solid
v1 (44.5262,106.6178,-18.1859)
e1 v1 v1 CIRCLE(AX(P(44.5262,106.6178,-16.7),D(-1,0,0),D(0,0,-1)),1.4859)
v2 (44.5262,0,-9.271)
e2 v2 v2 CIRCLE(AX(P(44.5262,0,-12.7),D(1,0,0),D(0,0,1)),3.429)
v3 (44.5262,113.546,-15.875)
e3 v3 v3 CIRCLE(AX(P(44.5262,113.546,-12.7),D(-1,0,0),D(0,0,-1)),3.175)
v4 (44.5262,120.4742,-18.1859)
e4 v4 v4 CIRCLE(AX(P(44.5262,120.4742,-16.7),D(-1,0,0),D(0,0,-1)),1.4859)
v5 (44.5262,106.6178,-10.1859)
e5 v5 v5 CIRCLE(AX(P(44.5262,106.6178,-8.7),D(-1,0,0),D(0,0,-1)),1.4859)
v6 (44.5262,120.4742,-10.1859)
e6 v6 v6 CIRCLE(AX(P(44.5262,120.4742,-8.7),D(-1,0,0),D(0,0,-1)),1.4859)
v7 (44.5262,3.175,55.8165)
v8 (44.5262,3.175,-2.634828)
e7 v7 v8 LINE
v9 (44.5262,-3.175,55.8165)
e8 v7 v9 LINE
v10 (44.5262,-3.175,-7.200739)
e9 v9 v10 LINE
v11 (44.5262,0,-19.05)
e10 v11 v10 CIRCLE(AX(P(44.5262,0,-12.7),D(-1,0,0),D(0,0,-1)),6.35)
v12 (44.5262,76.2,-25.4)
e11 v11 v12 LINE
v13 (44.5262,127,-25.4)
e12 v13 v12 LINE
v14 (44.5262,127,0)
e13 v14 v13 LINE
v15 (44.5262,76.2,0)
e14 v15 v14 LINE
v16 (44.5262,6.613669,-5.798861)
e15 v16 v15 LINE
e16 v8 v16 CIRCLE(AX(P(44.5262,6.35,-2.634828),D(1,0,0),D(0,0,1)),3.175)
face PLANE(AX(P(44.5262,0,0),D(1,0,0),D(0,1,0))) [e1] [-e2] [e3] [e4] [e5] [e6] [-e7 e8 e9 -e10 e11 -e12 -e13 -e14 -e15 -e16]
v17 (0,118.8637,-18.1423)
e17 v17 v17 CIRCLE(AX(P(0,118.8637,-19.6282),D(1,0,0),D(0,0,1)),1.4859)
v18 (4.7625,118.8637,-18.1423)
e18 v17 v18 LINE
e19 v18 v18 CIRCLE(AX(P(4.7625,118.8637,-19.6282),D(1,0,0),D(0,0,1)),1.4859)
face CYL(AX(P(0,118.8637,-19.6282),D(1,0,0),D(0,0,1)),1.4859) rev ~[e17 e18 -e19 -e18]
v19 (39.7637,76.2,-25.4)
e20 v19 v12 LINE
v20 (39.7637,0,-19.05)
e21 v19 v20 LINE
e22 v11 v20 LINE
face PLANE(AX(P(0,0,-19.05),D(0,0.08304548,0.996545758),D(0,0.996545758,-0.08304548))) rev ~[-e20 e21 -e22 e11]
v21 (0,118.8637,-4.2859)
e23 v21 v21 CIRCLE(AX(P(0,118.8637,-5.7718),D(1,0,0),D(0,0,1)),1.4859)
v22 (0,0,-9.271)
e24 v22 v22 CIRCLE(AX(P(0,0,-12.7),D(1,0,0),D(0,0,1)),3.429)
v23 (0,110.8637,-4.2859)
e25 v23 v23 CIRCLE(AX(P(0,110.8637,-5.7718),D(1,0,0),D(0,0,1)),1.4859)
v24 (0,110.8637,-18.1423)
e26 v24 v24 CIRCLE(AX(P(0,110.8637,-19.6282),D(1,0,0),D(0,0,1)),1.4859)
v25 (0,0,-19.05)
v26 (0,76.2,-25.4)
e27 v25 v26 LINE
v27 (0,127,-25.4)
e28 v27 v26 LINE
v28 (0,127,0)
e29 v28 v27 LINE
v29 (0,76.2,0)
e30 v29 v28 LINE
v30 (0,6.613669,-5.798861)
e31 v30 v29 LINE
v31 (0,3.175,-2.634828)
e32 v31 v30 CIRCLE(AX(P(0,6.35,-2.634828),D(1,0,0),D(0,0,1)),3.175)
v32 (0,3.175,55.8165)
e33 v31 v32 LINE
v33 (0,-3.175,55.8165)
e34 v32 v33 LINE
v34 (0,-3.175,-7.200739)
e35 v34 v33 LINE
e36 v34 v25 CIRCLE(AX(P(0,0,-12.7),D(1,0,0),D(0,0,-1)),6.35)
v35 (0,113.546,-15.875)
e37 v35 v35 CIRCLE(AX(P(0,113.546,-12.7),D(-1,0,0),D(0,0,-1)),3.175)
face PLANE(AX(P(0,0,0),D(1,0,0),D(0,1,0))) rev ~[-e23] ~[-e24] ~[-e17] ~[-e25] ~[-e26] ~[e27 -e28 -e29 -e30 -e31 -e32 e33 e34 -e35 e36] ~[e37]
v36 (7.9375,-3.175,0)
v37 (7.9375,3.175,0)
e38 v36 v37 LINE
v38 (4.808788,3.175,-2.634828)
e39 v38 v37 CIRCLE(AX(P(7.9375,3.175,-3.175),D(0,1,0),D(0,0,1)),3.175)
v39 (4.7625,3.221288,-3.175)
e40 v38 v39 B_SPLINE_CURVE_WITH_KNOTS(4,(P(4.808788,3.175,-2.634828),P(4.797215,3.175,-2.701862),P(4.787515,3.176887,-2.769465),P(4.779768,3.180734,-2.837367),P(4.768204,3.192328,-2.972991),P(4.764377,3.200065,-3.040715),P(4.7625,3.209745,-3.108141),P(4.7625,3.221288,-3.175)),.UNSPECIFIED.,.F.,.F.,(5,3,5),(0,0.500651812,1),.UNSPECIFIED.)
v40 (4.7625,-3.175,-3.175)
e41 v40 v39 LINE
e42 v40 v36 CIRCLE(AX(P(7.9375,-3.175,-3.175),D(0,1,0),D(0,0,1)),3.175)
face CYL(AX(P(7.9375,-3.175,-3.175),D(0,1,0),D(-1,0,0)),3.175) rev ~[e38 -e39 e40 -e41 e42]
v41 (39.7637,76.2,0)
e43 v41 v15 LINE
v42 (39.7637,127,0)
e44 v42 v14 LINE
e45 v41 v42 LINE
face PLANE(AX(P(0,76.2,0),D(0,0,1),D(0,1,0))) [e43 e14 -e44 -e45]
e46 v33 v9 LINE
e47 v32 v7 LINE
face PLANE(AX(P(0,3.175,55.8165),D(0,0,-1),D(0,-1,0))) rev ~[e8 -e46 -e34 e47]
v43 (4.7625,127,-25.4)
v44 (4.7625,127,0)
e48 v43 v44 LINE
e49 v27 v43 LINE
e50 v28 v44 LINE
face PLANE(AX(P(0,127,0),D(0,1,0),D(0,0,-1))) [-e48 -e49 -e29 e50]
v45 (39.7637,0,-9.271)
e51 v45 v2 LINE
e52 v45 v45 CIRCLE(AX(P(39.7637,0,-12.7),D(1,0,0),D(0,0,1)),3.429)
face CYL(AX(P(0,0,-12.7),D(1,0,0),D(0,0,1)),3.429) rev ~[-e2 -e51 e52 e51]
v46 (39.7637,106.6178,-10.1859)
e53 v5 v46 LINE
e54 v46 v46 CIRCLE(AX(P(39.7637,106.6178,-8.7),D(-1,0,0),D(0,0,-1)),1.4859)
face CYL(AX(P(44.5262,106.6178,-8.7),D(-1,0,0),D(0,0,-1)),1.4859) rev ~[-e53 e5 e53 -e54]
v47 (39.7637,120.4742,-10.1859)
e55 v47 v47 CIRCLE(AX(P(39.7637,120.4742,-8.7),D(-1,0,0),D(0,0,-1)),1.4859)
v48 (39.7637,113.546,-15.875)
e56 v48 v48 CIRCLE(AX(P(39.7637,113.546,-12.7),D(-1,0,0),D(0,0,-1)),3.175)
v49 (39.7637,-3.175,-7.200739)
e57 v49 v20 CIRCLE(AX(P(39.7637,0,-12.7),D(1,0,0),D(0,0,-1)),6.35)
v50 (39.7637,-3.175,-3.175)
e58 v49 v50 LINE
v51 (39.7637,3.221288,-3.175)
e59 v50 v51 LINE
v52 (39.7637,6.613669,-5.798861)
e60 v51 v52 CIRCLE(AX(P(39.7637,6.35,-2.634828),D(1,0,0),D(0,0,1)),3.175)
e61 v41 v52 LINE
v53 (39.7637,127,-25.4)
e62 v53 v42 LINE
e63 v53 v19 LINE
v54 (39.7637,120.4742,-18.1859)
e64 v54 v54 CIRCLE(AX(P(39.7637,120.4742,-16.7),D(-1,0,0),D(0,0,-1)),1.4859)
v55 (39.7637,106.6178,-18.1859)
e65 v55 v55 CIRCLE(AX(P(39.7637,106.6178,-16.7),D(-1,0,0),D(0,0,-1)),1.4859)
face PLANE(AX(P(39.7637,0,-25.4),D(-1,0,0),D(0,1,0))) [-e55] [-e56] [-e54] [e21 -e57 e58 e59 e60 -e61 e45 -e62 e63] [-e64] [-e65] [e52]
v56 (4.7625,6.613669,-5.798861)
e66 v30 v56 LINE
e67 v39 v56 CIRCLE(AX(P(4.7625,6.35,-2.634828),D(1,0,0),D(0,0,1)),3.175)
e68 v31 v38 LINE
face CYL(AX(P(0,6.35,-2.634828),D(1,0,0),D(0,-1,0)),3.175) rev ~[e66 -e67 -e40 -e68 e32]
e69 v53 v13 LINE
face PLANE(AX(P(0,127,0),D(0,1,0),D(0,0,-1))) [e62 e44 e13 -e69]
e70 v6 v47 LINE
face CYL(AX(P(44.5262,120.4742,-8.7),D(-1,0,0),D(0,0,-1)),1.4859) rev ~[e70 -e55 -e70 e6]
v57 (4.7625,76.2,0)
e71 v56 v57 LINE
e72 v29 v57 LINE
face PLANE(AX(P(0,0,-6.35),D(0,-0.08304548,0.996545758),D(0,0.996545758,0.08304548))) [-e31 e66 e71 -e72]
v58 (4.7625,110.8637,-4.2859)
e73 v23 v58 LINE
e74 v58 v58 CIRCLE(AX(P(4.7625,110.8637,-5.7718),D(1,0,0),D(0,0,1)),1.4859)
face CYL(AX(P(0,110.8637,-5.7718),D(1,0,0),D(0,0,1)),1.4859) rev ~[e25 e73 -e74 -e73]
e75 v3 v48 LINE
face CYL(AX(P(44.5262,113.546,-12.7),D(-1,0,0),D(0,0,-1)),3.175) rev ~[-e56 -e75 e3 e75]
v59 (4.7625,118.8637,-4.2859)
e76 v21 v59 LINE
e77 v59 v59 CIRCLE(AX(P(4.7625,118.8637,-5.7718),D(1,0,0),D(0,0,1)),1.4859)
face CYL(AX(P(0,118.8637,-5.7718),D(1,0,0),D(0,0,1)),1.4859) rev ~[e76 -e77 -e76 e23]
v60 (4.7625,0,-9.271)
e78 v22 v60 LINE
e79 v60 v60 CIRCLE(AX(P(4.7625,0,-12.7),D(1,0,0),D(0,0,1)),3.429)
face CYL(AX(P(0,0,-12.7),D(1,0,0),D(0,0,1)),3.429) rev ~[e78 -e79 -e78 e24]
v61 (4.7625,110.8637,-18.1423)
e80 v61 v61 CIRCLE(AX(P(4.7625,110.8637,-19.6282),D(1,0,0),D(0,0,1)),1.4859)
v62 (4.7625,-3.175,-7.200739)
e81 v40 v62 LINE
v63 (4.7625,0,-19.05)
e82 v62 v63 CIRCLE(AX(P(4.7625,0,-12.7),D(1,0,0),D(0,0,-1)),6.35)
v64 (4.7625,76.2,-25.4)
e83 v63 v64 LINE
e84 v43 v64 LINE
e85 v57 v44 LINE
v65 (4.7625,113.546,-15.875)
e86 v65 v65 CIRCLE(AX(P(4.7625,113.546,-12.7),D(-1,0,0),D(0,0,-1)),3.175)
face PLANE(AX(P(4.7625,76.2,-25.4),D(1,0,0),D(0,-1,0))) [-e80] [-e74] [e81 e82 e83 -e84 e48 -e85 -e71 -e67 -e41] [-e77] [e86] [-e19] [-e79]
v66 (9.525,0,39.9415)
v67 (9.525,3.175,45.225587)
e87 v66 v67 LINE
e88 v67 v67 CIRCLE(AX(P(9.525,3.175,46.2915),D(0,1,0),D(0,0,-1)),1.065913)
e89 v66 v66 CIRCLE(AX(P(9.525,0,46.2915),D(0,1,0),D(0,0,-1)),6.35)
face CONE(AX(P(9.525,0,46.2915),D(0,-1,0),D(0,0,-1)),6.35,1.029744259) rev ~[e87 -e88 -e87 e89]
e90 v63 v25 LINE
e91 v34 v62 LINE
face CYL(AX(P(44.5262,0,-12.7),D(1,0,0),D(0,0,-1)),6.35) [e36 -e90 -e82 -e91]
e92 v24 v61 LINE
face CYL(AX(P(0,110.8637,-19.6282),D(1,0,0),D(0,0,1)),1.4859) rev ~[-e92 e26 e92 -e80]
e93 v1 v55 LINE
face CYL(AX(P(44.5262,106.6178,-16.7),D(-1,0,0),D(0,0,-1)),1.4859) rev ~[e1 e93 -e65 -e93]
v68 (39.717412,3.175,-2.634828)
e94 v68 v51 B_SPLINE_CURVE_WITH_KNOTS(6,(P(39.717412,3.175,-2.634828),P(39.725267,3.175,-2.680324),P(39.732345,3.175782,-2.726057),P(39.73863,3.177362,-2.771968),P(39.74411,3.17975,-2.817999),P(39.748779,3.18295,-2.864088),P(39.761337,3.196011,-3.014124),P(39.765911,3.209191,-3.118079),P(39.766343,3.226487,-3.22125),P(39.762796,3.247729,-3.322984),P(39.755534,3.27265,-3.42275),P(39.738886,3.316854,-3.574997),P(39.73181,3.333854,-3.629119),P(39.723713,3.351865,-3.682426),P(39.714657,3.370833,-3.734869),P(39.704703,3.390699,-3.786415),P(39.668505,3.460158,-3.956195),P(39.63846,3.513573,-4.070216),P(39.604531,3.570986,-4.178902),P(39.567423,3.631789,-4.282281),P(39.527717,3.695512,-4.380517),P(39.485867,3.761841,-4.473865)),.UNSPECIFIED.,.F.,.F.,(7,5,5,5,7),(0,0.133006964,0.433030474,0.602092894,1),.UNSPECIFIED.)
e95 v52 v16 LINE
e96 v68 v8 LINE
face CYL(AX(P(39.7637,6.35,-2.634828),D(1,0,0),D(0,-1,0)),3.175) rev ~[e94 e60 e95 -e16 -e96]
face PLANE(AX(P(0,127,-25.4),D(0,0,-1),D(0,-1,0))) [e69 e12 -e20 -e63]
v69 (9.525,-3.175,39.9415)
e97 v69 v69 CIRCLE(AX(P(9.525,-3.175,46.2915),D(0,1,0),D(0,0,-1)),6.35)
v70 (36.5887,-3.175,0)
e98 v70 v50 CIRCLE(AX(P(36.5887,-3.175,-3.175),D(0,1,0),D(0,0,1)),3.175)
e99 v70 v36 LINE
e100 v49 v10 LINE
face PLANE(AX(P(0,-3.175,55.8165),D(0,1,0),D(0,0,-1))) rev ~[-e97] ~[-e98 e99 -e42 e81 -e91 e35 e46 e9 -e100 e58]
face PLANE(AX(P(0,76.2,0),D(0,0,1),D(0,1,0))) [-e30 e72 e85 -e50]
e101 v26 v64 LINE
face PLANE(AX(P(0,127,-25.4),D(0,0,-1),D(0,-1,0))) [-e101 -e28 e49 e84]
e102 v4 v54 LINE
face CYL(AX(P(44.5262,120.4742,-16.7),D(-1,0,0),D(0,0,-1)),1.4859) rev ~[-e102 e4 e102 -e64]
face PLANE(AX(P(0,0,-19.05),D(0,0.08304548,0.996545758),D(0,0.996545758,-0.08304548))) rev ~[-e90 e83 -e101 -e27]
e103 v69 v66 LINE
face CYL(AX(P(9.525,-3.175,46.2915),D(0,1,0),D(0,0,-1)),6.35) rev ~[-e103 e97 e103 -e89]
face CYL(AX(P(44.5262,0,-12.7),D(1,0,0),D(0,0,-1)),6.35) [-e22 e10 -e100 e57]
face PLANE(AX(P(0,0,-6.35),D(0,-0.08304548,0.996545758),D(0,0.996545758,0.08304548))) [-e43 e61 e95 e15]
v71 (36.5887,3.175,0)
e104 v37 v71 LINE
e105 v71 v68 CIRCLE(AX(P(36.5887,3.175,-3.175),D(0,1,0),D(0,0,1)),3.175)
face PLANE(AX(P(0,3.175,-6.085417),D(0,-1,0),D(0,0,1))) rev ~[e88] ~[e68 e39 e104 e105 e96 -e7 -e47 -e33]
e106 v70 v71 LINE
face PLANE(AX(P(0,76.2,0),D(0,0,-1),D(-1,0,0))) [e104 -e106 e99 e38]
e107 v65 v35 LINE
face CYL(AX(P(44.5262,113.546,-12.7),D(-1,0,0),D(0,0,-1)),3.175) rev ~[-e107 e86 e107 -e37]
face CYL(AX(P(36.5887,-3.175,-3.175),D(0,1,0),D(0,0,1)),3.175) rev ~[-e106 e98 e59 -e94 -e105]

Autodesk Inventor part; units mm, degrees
ref_plane "YZ Plane" through (0, 0, 0) normal (1, 0, 0) x (0, 1, 0)
ref_plane "XZ Plane" through (0, 0, 0) normal (0, 1, 0) x (-1, 0, 0)
ref_plane "XY Plane" through (0, 0, 0) normal (0, 0, 1) x (1, 0, 0)
sketch "Sketch1" plane through (0, 0, 0) normal (1, 0, 0) x (0, 1, 0)
  line L0 (0, 0) -> (127, 0)
  line L1 (127, 0) -> (127, -25.4)
  line L2 (127, -25.4) -> (0, -25.4)
  line L3 (0, -25.4) -> (0, 0)
  line L4 (0, -6.35) -> (0, -19.05)
  line L5 (0, -6.35) -> (76.2, 0)
  line L6 (0, -19.05) -> (76.2, -25.4)
  dimension "d0" = 127
  dimension "d1" = 25.4
  dimension "d18" = 12.7
  dimension "d19" = 6.35
  dimension "d20" = 50.8
  dimension "d21" = 50.8
ref_plane "Work Plane1" through (44.5262, 0, 0) normal (1, 0, 0) x (0, 0, -1)
sketch "Sketch2" plane through (44.5262, 0, 0) normal (1, 0, 0) x (0, 0, -1)
  line L0 (0, 127) -> (0, 0) projected
  line L1 (0, 0) -> (25.4, 0) projected
  line L2 (25.4, 0) -> (25.4, 127) projected
  line L3 (25.4, 127) -> (0, 127) projected
  line L4 (0, 0) -> (25.4, 0) projected
  circle A0 centre (12.7, 0) radius 6.35
  dimension "d5" = 25.4
  dimension "d6" = 12.7
  dimension "d7" = 12.7
  dimension "d8" = 0
extrude "Extrusion2" add sketch "Sketch2" against normal blind 44.5262 contours A0 L1 | L1 A0
ref_plane "Work Plane2" through (44.5262, 0, 0) normal (1, 0, 0) x (0, 0, -1)
extrude "Extrusion3" add sketch "Sketch1" along normal blind 44.5262 contours L0 L1 L2 L6 L3 L5
sketch "Sketch4" plane through (0, 0, 0) normal (-1, 0, 0) x (0, 0, 1)
  arc A0 (-19.05, 0) -> (-6.35, 0) centre (-12.7, 0) ccw projected
  line L0 (0, 76.2) -> (-6.35, 0) projected
  line L1 (0, 127) -> (0, 76.2) projected
  line L2 (-25.4, 127) -> (0, 127) projected
  line L3 (-25.4, 76.2) -> (-25.4, 127) projected
  line L4 (-19.05, 0) -> (-25.4, 76.2) projected
  point P0 (0, 0)
hole "Hole2" at (0, 0, -12.7) direction (1, 0, 0) diameter 6.858 end through all
sketch "Sketch5" plane through (0, 0, 0) normal (-1, 0, 0) x (0, 0, 1)
  circle A0 centre (-12.7, 0) radius 3.429 projected
  line L0 (0, 76.2) -> (-6.35, 0) projected
  line L1 (0, 127) -> (0, 76.2) projected
  line L2 (-25.4, 127) -> (0, 127) projected
  line L3 (-25.4, 76.2) -> (-25.4, 127) projected
  line L4 (-19.05, 0) -> (-25.4, 76.2) projected
  line L5 (-7.6835, 3.175) -> (55.8165, 3.175)
  line L6 (55.8165, 3.175) -> (55.8165, -3.175)
  line L7 (55.8165, -3.175) -> (-7.6835, -3.175)
  line L8 (-7.6835, -3.175) -> (-7.6835, 3.175)
  arc A1 (-19.05, 0) -> (-6.35, 0) centre (-12.7, 0) ccw projected
  point P0 (0, 0)
  dimension "d31" = 63.5
  dimension "d32" = 6.35
  dimension "d35" = 127
  dimension "d36" = 123.825
  dimension "d95" = 6.858
  dimension "d96" = 5.0165
extrude "Extrusion4" add sketch "Sketch5" against normal blind 44.5262 contours L5 L6 L7 A1 L0 | L0 A1 L7 L8 L5
sketch "Sketch8" plane through (0, 76.2, -25.4) normal (0, 0, -1) x (-1, 0, 0)
  line L0 (0, 0) -> (0, 50.8) projected
  line L1 (0, 50.8) -> (-44.5262, 50.8) projected
  line L2 (-44.5262, 0) -> (-44.5262, 50.8) projected
  line L3 (0, 0) -> (-44.5262, 0) projected
  line L4 (0, -76.2) -> (0, 0) projected
  line L5 (0, 0) -> (-44.5262, 0) projected
  line L6 (-44.5262, -76.2) -> (-44.5262, 0) projected
  line L7 (0, 50.8) -> (-44.5262, 50.8) projected
  line L8 (-39.7637, 50.8) -> (-4.7625, 50.8)
  line L9 (-4.7625, 50.8) -> (-4.7625, -98.425)
  line L10 (-4.7625, -98.425) -> (-39.7637, -98.425)
  line L11 (-39.7637, -98.425) -> (-39.7637, 50.8)
  line L12 (0, -76.2) -> (-44.5262, -76.2) projected
  point P0 (0, -76.2)
  dimension "d41" = 44.5262
  dimension "d43" = 35.0012
  dimension "d44" = 4.7625
  dimension "d45" = 149.225
extrude "Extrusion5" cut sketch "Sketch8" against normal blind 25.4 contours L9 L12 L11 L3 | L3 L11 L1 L9 | L9 L10 L11 L12
fillet "Fillet1" radius 3.175 2 edges at (39.7637, 0, 0) (4.7625, 0, 0)
fillet "Fillet2" radius 3.175 2 edges at (2.3812, 3.175, -6.0854) (42.1449, 3.175, -6.0854)
sketch "Sketch9" plane through (0, 0, 0) normal (-1, 0, 0) x (0, 0, 1)
  line L0 (0, 76.2) -> (-5.7989, 6.6137) projected
  line L1 (0, 127) -> (0, 76.2) projected
  line L2 (-25.4, 127) -> (0, 127) projected
  line L3 (-25.4, 76.2) -> (-25.4, 127) projected
  line L4 (-19.05, 0) -> (-25.4, 76.2) projected
  circle A0 centre (-12.7, 0) radius 3.429 projected
  circle A1 centre (-12.7, 114.8637) radius 8
  line L5 (-19.6282, 118.8637) -> (-5.7718, 118.8637)
  line L6 (-5.7718, 118.8637) -> (-5.7718, 110.8637)
  line L7 (-5.7718, 110.8637) -> (-19.6282, 110.8637)
  line L8 (-19.6282, 110.8637) -> (-19.6282, 118.8637)
  arc A2 (-19.05, 0) -> (-7.2007, -3.175) centre (-12.7, 0) ccw projected
  line L9 (55.8165, -3.175) -> (-7.2007, -3.175) projected
  line L10 (55.8165, 3.175) -> (55.8165, -3.175) projected
  line L11 (-2.6348, 3.175) -> (55.8165, 3.175) projected
  arc A3 (-5.7989, 6.6137) -> (-2.6348, 3.175) centre (-2.6348, 6.35) ccw projected
  point P0 (0, 0)
  dimension "d50" = 16
  dimension "d51" = 25.4
  dimension "d52" = 12.7
  dimension "d53" = 8
  dimension "d54" = 4
hole "Hole3" at (0, 118.8637, -19.6282) at (0, 110.8637, -19.6282) at (0, 118.8637, -5.7718) at (0, 110.8637, -5.7718) direction (1, 0, 0) diameter 2.9718 depth 25.4 tip angle 118
sketch "Sketch10" plane through (44.5262, 0, 0) normal (1, 0, 0) x (0, 0, -1)
  line L0 (19.05, 0) -> (25.4, 76.2) projected
  line L1 (25.4, 76.2) -> (25.4, 127) projected
  line L2 (25.4, 127) -> (0, 127) projected
  line L3 (0, 127) -> (0, 76.2) projected
  line L4 (0, 76.2) -> (5.7989, 6.6137) projected
  circle A0 centre (12.7, 0) radius 3.429 projected
  circle A1 centre (12.7, 113.546) radius 8
  line L5 (16.7, 106.6178) -> (8.7, 106.6178)
  line L6 (8.7, 106.6178) -> (8.7, 120.4742)
  line L7 (8.7, 120.4742) -> (16.7, 120.4742)
  line L8 (16.7, 120.4742) -> (16.7, 106.6178)
  arc A2 (7.2007, -3.175) -> (19.05, 0) centre (12.7, 0) ccw projected
  arc A3 (2.6348, 3.175) -> (5.7989, 6.6137) centre (2.6348, 6.35) ccw projected
  line L9 (2.6348, 3.175) -> (-55.8165, 3.175) projected
  line L10 (-55.8165, 3.175) -> (-55.8165, -3.175) projected
  line L11 (-55.8165, -3.175) -> (7.2007, -3.175) projected
  point P0 (0, 0)
  dimension "d62" = 16
  dimension "d63" = 25.4
  dimension "d64" = 12.7
  dimension "d65" = 8
  dimension "d66" = 4
hole "Hole4" at (44.5262, 106.6178, -16.7) at (44.5262, 106.6178, -8.7) at (44.5262, 120.4742, -8.7) at (44.5262, 120.4742, -16.7) direction (-1, 0, 0) diameter 2.9718 depth 25.4 tip angle 118
sketch "Sketch11" plane through (0, -3.175, -7.2007) normal (0, -1, 0) x (1, 0, 0)
  line L0 (4.7625, 0) -> (4.7625, 4.0257) projected
  arc A0 (7.9375, 7.2007) -> (4.7625, 4.0257) centre (7.9375, 4.0257) ccw projected
  line L1 (7.9375, 7.2007) -> (36.5887, 7.2007) projected
  arc A1 (39.7637, 4.0257) -> (36.5887, 7.2007) centre (36.5887, 4.0257) ccw projected
  line L2 (39.7637, 4.0257) -> (39.7637, 0) projected
  line L3 (44.5262, 63.0172) -> (44.5262, 0) projected
  line L4 (0, 63.0172) -> (44.5262, 63.0172) projected
  line L5 (0, 63.0172) -> (0, 0) projected
  line L6 (44.5262, 0) -> (39.7637, 0) projected
  line L7 (4.7625, 0) -> (0, 0) projected
  point P0 (0, 7.2007)
  point P1 (9.525, 53.4922)
  dimension "d74" = 9.525
  dimension "d75" = 44.5262
  dimension "d97" = 9.525
hole "Hole5" at (9.525, -3.175, 46.2915) direction (0, 1, 0) diameter 12.7 depth 3.175 tip angle 118
sketch "Sketch12" plane through (44.5262, 0, 0) normal (1, 0, 0) x (0, 0, -1)
  circle A0 centre (8.7, 120.4742) radius 1.4859 projected
  circle A1 centre (16.7, 106.6178) radius 1.4859 projected
  circle A2 centre (8.7, 106.6178) radius 1.4859 projected
  circle A3 centre (16.7, 120.4742) radius 1.4859 projected
  line L0 (19.05, 0) -> (25.4, 76.2) projected
  line L1 (25.4, 76.2) -> (25.4, 127) projected
  line L2 (25.4, 127) -> (0, 127) projected
  line L3 (0, 127) -> (0, 76.2) projected
  line L4 (0, 76.2) -> (5.7989, 6.6137) projected
  circle A4 centre (12.7, 0) radius 3.429 projected
  arc A5 (7.2007, -3.175) -> (19.05, 0) centre (12.7, 0) ccw projected
  arc A6 (2.6348, 3.175) -> (5.7989, 6.6137) centre (2.6348, 6.35) ccw projected
  line L5 (2.6348, 3.175) -> (-55.8165, 3.175) projected
  line L6 (-55.8165, 3.175) -> (-55.8165, -3.175) projected
  line L7 (-55.8165, -3.175) -> (7.2007, -3.175) projected
  point P0 (0, 0)
  point P1 (12.7, 113.546)
  dimension "d84" = 25.4
  dimension "d85" = 12.7
  dimension "d86" = 13.8564
  dimension "d87" = 6.9282
hole "Hole6" at (44.5262, 113.546, -12.7) direction (-1, 0, 0) diameter 6.35 end through all
equation "\"d19\" = -0.5 * d18 + 0.5 * d1"
equation "\"d21\" = d20"
equation "\"d7\" = 0.5 * d5"
equation "\"d36\" = d35 - 0.5 * d32"
equation "\"d44\" = -0.5 * d43 + 0.5 * d41"
equation "\"d52\" = 0.5 * d51"
equation "\"d54\" = 0.5 * d53"
equation "\"d64\" = 0.5 * d63"
equation "\"d66\" = 0.5 * d65"
equation "\"d87\" = 0.5 * d86"
properties part number "WheelIntakeMount3.0"
